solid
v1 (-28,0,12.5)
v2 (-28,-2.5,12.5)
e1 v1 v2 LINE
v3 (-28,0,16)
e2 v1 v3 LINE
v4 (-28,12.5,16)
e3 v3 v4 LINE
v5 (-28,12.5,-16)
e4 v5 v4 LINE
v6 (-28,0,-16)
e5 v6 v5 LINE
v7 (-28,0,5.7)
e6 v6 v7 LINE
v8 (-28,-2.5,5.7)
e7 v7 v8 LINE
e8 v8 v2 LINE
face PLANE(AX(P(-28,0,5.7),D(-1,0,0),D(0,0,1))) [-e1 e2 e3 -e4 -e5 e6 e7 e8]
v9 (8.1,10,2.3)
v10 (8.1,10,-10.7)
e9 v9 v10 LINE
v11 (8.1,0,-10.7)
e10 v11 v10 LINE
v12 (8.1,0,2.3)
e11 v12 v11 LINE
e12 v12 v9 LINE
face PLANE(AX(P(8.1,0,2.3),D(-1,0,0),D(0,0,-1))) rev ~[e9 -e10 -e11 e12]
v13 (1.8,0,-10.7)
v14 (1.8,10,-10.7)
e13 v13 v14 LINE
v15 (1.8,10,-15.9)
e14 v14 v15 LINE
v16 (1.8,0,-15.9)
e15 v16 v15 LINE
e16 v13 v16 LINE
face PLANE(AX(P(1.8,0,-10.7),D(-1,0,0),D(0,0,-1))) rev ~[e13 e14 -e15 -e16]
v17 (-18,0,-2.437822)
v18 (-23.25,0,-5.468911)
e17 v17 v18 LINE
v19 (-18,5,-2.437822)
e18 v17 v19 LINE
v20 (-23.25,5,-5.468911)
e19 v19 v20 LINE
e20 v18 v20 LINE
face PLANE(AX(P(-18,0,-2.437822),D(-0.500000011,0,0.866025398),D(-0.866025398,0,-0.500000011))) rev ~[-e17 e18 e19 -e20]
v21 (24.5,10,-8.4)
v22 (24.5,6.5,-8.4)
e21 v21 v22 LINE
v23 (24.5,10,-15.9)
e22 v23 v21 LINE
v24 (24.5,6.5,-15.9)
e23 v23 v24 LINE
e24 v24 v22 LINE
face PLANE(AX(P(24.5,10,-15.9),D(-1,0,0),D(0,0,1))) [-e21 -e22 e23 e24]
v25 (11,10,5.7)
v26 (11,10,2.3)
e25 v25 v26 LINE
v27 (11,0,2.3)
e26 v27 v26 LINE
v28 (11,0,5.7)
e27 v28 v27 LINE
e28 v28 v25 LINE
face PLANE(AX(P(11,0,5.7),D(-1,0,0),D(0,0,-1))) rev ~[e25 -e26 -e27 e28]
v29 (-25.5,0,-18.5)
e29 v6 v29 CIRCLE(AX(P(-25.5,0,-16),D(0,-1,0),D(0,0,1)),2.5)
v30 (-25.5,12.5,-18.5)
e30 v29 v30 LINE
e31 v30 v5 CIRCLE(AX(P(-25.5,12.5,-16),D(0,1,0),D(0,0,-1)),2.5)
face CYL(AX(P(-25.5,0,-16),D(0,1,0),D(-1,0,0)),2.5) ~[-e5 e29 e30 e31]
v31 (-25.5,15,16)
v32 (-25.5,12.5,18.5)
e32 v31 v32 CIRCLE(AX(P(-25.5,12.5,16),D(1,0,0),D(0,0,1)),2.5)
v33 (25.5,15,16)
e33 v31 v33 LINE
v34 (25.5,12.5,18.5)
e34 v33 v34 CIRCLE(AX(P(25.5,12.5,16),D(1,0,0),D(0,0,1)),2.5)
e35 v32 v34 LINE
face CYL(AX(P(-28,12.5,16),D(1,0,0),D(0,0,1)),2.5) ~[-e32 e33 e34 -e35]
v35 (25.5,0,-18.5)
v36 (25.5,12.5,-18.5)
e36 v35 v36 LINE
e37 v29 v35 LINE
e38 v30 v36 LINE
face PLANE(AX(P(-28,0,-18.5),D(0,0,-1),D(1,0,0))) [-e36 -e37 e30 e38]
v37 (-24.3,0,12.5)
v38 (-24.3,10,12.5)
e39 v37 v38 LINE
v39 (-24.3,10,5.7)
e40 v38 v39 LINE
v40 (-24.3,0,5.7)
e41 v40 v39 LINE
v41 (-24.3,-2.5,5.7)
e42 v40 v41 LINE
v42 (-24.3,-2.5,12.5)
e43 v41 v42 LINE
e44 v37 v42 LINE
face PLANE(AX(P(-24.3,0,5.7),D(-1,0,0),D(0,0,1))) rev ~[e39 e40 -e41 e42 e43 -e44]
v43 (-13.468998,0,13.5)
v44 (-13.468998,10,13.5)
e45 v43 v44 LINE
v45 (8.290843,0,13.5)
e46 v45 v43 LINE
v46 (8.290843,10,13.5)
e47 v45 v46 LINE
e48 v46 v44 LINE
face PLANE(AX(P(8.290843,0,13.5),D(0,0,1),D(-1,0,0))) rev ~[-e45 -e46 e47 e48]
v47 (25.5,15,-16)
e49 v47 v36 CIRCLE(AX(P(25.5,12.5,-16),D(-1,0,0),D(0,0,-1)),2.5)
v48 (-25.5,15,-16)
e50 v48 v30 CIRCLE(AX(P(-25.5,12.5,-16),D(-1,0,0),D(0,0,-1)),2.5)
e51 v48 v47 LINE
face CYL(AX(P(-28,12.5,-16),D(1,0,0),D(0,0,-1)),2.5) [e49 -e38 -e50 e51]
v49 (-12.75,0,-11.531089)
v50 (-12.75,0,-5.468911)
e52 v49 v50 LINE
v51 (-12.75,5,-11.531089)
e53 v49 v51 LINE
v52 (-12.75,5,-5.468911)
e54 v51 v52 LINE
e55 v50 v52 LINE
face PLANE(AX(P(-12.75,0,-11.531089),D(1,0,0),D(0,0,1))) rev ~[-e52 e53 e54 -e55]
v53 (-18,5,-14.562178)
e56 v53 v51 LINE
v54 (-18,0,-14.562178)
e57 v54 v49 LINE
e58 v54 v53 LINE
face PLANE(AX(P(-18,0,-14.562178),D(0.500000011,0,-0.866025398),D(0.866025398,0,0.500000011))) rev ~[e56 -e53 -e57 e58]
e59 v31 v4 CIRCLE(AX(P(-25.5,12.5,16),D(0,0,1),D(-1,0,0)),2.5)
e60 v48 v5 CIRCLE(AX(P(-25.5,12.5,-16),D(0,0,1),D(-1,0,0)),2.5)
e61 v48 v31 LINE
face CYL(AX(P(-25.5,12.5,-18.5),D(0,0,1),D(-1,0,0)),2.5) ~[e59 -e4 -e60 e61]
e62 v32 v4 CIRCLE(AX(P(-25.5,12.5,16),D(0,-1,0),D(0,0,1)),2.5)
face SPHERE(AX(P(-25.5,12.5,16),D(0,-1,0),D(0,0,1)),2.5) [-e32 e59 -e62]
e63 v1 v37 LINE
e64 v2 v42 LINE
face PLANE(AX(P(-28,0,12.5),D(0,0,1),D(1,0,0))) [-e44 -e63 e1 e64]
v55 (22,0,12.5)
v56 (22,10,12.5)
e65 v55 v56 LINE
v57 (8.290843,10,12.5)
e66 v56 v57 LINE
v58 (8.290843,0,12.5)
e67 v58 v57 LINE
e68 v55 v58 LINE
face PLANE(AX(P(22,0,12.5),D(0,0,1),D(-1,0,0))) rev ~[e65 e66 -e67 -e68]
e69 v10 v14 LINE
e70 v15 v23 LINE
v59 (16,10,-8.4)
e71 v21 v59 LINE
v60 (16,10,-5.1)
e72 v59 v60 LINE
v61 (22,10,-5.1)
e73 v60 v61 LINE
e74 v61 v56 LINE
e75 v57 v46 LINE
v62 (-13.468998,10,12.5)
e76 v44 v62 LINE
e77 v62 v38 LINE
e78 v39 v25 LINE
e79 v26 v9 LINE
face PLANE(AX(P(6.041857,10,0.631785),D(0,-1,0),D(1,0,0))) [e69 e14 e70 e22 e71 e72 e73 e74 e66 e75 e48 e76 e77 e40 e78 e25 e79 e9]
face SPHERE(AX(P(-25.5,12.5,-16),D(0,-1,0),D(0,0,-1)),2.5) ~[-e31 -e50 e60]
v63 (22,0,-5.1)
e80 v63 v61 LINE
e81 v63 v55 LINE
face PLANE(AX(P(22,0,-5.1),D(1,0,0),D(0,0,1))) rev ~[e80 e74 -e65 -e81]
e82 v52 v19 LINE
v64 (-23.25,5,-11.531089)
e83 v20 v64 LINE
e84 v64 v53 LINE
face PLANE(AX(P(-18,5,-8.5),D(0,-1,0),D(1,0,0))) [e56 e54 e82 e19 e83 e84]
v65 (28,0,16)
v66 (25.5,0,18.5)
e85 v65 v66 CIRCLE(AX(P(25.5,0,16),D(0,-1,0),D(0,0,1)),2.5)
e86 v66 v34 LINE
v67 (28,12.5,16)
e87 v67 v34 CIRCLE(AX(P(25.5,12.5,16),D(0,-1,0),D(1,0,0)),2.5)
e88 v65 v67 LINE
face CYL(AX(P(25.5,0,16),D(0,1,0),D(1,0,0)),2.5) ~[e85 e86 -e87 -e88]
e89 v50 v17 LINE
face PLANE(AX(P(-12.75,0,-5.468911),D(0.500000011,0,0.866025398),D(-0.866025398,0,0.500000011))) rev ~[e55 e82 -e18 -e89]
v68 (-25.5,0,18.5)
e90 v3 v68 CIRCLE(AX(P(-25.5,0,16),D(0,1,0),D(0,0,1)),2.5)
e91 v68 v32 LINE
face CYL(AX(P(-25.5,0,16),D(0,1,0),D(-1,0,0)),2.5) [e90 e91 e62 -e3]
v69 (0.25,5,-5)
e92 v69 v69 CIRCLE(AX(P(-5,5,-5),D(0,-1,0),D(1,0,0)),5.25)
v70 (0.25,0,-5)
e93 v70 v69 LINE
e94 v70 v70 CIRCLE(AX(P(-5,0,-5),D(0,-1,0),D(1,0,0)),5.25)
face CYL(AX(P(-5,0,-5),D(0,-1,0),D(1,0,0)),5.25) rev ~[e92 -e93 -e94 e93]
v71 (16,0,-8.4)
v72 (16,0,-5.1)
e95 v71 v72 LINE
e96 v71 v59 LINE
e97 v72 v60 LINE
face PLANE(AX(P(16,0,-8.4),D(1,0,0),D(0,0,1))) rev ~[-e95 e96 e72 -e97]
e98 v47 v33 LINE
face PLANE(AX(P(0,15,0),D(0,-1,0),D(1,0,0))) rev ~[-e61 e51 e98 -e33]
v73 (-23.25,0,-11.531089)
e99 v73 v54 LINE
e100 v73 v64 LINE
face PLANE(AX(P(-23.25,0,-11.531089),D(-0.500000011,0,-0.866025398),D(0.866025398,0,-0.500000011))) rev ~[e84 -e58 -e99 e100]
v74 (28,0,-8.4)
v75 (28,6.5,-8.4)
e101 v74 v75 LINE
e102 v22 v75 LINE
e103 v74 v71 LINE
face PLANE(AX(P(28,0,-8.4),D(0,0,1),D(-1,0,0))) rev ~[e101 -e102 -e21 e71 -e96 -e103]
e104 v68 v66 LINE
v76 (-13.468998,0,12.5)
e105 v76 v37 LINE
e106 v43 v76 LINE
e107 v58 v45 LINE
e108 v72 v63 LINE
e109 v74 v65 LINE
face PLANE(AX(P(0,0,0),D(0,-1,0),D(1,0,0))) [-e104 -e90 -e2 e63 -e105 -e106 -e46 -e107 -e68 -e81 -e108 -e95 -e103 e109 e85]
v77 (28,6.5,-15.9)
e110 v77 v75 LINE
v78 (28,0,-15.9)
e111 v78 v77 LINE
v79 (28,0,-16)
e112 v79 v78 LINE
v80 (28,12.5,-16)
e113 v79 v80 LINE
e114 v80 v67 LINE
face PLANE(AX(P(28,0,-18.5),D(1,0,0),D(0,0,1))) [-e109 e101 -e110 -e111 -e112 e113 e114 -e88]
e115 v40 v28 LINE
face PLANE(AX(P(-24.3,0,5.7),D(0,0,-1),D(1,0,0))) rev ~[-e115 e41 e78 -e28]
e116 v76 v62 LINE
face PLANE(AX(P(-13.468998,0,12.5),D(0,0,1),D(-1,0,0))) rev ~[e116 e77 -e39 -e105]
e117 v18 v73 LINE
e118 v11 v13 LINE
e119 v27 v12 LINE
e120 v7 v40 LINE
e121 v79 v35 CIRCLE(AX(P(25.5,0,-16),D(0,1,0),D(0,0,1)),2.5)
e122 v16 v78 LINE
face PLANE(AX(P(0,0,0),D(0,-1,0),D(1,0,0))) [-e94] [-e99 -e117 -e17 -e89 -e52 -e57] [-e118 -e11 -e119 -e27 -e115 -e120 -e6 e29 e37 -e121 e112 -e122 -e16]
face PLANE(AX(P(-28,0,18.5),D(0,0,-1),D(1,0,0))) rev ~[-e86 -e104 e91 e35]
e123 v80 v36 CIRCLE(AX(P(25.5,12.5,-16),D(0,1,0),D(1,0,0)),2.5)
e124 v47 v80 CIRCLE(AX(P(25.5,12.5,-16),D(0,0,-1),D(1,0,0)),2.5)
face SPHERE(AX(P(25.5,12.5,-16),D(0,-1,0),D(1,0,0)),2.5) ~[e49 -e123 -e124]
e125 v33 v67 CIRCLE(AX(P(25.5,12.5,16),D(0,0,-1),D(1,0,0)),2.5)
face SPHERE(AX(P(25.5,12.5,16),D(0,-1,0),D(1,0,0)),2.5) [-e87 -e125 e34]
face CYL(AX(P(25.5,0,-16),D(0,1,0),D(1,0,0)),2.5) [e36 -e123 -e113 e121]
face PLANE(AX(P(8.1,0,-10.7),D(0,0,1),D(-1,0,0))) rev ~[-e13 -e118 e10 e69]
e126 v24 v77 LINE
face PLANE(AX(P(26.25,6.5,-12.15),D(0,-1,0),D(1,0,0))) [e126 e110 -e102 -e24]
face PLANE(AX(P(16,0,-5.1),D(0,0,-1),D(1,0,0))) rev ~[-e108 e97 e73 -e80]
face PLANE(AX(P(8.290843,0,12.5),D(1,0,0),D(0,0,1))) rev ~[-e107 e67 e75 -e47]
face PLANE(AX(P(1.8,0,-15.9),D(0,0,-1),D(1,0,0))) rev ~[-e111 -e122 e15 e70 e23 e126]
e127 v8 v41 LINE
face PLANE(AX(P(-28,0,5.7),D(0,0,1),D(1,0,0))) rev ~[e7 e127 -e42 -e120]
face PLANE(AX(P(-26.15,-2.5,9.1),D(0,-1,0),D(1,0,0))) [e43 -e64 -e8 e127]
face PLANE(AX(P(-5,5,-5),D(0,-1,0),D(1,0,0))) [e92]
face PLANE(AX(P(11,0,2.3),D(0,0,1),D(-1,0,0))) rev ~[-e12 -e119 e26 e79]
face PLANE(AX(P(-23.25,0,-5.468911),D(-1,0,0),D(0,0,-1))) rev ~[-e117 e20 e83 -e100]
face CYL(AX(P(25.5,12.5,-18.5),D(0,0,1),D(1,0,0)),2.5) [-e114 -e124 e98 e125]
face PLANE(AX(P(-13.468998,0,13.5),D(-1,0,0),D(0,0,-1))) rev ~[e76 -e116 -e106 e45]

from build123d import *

# Parameters (mm, degrees)
F0_W      = 56
F0_H      = 37
F1_DEPTH  = 15
F3_DEPTH  = 10
F4_W      = 3.7
F4_H      = 6.8
F5_DEPTH  = 2.5
F7_DEPTH  = 5
F8_W      = 3.5
F8_H      = 7.5
F9_DEPTH  = 3.5
F10_R     = 2.5
F11_R     = 5.25
F12_DEPTH = 5


with BuildPart() as f1:
    # F0 (on Front) → F1 (new body)
    with BuildSketch(Plane.XZ):
        Rectangle(F0_W, F0_H)
    extrude(amount=-F1_DEPTH)

    # F2 (on face) → F3 (cut)
    with BuildSketch(Plane.XZ):
        Polygon((-13.468998, 12.5), (-24.3, 12.5), (-24.3, 5.7), (11, 5.7), (11, 2.3), (8.1, 2.3), (8.1, -10.7), (1.8, -10.7), (1.8, -15.9), (28, -15.9), (28, -8.4), (16, -8.4), (16, -5.1), (22, -5.1), (22, 12.5), (8.290843, 12.5), (8.290843, 13.5), (-9.038461, 13.5), (-13.468998, 13.5), align=None)
    extrude(amount=-F3_DEPTH, mode=Mode.SUBTRACT)

    # F4 (on face) → F5 (join)
    with BuildSketch(Plane.XZ):
        with Locations((-26.15, 9.1)):
            Rectangle(F4_W, F4_H)
    extrude(amount=F5_DEPTH)

    # F6 (on face) → F7 (cut)
    with BuildSketch(Plane.XZ):
        Polygon((-23.25, -5.468911), (-23.25, -11.531089), (-18, -14.562178), (-12.75, -11.531089), (-12.75, -5.468911), (-18, -2.437822), align=None)
    extrude(amount=-F7_DEPTH, mode=Mode.SUBTRACT)

    # F8 (on face) → F9 (join)
    with BuildSketch(Plane.XZ.offset(-10)):
        with Locations((26.25, -12.15)):
            Rectangle(F8_W, F8_H)
    extrude(amount=F9_DEPTH)

    # F10
    f10_edges = [f1.edges().sort_by_distance(p)[0] for p in [
        (28, 7.5, -18.5),
        (28, 7.5, 18.5),
        (-28, 7.5, 18.5),
        (-28, 7.5, -18.5),
        (28, 15, 0),
        (0, 15, 18.5),
        (0, 15, -18.5),
        (-28, 15, 0),
    ]]
    fillet(f10_edges, radius=F10_R)

    # F11 (on face) → F12 (cut)
    with BuildSketch(Plane.XZ):
        with Locations((-5, -5)):
            Circle(F11_R)
    extrude(amount=-F12_DEPTH, mode=Mode.SUBTRACT)


solid = f1.part
